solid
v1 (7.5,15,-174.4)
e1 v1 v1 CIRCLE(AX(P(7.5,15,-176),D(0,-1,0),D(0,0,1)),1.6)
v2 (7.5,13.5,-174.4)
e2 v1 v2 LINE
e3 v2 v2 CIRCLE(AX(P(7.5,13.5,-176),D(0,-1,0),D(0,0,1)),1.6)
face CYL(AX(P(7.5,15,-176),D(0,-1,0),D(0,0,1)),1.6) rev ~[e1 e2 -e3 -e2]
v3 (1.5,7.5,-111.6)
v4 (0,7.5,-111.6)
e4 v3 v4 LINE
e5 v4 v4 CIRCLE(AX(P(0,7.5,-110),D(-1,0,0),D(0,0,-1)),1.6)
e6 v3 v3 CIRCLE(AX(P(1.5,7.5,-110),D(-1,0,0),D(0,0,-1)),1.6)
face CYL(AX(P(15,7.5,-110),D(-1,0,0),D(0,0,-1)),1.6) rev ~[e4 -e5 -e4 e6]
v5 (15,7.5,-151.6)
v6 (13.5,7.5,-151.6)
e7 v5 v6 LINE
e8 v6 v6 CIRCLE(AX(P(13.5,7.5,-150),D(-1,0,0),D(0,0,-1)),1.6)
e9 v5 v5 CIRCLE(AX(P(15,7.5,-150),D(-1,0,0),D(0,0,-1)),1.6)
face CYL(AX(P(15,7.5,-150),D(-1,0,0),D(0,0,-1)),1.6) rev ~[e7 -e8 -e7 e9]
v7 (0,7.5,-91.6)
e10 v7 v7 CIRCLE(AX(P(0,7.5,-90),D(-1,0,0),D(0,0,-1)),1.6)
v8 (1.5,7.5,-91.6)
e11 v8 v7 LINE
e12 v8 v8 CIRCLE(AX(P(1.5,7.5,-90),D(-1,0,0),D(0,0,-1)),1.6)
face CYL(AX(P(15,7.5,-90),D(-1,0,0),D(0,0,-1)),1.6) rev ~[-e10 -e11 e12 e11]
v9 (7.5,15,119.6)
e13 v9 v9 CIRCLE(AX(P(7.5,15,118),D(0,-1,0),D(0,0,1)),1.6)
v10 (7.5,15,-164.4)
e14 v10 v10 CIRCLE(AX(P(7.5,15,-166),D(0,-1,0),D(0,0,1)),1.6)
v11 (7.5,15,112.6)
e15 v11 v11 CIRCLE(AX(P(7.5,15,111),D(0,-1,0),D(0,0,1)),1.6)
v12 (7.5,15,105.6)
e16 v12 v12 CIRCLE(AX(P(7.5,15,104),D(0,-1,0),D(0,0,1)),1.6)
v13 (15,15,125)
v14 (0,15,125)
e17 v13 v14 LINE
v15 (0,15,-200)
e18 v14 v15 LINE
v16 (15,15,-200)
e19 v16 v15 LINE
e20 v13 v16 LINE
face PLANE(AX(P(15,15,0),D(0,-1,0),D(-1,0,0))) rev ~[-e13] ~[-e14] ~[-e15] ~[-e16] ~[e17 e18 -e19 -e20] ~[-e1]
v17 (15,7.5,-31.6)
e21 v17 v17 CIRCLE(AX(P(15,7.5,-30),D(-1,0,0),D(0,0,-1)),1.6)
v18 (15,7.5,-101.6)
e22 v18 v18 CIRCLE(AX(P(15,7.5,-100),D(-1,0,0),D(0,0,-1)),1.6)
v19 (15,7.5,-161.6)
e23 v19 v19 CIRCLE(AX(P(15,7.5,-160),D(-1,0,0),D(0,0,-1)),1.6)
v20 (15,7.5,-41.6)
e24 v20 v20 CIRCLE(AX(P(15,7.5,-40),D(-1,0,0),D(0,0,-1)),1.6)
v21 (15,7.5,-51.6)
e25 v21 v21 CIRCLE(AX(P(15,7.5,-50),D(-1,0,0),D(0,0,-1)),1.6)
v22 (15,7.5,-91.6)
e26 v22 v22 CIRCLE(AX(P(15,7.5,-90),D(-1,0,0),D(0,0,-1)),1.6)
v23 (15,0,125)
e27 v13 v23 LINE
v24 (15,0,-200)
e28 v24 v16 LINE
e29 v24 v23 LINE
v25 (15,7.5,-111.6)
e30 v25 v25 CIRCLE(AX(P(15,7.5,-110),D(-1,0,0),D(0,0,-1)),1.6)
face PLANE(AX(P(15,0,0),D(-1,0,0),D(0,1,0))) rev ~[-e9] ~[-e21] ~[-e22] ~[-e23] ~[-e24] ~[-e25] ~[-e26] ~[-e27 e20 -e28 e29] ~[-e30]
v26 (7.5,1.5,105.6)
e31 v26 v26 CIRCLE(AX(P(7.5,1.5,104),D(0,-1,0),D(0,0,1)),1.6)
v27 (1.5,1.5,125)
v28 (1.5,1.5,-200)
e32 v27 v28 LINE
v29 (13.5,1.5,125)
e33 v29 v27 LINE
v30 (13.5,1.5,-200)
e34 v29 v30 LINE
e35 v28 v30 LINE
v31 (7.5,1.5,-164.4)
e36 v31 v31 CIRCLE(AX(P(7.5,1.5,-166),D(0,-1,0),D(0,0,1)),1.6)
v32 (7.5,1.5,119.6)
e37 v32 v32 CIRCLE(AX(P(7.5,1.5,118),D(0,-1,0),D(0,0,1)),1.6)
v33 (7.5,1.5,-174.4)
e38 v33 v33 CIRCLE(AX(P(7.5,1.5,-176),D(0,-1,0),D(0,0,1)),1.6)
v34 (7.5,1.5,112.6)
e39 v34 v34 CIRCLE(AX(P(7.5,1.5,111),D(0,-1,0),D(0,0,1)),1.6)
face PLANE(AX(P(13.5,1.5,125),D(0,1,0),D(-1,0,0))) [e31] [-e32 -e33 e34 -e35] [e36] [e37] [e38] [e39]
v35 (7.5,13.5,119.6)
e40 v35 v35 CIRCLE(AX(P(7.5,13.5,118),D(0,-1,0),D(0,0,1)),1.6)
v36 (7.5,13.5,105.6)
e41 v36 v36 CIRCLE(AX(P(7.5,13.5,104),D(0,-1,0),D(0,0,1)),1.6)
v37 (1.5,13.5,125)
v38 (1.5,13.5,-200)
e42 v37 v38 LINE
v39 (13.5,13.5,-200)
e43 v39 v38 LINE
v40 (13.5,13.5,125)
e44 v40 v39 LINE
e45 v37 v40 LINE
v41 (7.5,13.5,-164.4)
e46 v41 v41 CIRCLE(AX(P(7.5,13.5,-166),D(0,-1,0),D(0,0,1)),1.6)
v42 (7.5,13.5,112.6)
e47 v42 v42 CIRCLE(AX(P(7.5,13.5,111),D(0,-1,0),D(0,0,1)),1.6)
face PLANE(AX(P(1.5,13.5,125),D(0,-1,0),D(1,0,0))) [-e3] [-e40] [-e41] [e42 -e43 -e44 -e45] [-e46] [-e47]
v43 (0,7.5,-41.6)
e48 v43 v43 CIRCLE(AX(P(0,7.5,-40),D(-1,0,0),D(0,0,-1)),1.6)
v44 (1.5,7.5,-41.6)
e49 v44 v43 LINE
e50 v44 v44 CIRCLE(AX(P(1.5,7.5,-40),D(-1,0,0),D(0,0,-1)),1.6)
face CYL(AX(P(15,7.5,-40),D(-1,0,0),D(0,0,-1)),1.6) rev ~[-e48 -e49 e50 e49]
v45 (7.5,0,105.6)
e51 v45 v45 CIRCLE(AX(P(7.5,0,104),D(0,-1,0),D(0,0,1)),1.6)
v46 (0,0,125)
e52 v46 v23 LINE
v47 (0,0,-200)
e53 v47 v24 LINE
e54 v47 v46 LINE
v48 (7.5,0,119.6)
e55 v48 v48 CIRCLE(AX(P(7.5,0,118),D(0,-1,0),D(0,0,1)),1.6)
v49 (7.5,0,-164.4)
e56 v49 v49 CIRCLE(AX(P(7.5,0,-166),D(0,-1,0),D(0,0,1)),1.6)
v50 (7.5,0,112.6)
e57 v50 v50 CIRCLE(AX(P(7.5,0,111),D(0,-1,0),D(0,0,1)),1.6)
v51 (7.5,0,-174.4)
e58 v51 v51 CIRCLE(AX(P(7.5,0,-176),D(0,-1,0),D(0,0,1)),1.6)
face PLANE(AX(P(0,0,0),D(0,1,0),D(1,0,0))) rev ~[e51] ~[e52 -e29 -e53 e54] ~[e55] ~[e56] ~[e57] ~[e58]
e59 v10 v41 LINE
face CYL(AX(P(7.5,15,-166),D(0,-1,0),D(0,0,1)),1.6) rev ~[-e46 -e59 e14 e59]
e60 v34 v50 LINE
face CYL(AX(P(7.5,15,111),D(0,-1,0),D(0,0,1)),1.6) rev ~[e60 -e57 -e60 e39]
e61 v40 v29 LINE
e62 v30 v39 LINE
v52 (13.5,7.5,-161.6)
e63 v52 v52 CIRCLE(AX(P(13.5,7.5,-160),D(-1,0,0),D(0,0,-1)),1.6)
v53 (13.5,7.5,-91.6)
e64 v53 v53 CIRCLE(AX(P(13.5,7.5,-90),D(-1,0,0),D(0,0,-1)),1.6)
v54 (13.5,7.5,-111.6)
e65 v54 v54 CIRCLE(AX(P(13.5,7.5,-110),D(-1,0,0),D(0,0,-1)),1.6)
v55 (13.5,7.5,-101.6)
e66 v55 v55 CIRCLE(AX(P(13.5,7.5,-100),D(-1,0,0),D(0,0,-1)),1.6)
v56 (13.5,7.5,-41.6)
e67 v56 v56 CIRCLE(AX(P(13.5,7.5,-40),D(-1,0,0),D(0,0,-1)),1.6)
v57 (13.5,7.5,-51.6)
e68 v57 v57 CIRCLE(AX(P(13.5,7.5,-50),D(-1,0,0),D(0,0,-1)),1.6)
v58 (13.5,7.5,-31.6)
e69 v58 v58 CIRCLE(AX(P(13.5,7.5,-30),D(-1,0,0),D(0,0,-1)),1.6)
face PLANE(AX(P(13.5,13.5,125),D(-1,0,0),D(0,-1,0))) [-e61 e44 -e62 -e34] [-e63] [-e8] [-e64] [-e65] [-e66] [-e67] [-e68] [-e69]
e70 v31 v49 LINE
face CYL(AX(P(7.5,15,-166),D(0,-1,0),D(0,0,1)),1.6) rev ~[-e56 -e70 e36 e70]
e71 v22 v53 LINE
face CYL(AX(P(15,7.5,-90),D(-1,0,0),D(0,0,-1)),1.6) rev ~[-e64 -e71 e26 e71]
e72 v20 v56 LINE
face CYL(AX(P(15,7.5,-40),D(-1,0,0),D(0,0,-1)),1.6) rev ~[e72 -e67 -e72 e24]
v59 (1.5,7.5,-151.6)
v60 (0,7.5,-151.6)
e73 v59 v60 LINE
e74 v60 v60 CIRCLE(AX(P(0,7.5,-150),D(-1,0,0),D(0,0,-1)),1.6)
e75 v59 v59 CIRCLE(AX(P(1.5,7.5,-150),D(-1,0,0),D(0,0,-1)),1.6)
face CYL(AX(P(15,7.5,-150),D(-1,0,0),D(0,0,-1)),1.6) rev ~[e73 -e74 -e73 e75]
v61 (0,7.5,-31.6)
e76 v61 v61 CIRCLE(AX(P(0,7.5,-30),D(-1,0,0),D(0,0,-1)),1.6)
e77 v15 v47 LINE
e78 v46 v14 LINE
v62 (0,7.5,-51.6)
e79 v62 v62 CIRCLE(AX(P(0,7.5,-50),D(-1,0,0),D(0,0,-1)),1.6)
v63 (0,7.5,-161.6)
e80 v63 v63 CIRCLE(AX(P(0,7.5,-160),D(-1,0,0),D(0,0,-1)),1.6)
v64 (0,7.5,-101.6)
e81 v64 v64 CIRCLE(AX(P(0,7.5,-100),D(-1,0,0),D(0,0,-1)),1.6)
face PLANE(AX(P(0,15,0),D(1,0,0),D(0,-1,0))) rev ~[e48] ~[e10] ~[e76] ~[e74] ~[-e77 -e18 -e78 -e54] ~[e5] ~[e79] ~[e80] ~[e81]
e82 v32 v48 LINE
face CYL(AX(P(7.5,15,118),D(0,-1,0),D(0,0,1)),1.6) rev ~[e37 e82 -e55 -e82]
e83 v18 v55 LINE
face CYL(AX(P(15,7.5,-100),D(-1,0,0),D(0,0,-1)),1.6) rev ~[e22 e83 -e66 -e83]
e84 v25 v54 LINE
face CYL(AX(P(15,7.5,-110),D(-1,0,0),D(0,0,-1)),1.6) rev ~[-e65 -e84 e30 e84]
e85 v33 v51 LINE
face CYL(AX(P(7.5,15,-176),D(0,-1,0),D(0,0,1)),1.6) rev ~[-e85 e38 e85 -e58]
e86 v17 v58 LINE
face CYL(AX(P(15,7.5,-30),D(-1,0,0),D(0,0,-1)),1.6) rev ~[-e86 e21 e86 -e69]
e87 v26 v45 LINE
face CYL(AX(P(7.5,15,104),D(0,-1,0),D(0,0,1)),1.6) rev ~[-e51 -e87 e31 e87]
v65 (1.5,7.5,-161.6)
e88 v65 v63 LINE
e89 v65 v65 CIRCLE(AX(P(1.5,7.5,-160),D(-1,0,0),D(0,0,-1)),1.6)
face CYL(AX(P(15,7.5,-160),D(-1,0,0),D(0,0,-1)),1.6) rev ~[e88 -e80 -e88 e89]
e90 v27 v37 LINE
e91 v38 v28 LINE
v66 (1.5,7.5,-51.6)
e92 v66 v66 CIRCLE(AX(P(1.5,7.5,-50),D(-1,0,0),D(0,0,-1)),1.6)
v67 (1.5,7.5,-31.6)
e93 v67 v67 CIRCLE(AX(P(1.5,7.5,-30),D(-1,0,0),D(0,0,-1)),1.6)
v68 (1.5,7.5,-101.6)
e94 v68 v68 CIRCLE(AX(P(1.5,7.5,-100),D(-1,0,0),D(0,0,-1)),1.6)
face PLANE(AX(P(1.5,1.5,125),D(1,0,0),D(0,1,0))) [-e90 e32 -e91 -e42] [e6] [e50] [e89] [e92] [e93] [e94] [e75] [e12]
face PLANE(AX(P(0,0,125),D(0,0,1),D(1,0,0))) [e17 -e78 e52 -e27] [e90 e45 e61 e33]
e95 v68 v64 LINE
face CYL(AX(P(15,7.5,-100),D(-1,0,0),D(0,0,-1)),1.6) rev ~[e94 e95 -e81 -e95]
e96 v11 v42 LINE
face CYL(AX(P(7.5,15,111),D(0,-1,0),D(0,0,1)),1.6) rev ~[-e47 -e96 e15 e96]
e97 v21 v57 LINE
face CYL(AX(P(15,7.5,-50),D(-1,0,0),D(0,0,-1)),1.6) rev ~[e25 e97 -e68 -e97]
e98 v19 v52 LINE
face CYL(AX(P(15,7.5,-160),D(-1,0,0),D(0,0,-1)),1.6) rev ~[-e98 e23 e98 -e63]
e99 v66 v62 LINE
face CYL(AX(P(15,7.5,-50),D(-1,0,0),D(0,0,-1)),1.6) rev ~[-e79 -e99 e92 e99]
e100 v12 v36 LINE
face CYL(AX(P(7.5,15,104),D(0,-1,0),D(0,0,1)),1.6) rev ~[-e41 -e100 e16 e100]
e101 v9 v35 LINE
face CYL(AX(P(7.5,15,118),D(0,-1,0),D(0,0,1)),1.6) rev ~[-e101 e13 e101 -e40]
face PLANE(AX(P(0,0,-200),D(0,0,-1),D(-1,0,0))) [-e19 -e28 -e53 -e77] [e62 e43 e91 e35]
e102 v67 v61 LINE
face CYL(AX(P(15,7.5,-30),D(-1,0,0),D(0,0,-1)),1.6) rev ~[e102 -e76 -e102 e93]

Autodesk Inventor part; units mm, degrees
ref_plane "YZ Plane" through (0, 0, 0) normal (1, 0, 0) x (0, 1, 0)
ref_plane "XZ Plane" through (0, 0, 0) normal (0, 1, 0) x (-1, 0, 0)
ref_plane "XY Plane" through (0, 0, 0) normal (0, 0, 1) x (1, 0, 0)
sketch "スケッチ1" plane through (0, 0, 0) normal (0, 0, 1) x (1, 0, 0)
  line L0 (0, 0) -> (15, 0)
  line L1 (15, 0) -> (15, 15)
  line L2 (15, 15) -> (0, 15)
  line L3 (0, 15) -> (0, 0)
  dimension "d0" = 15
  dimension "d1" = 15
extrude "押し出し1" add sketch "スケッチ1" along normal blind 140
sketch "スケッチ3" plane through (0, 0, 0) normal (0, 0, -1) x (-1, 0, 0)
  line L0 (0, 0) -> (-15, 0)
  line L1 (-15, 0) -> (-15, 15)
  line L2 (-15, 15) -> (0, 15)
  line L3 (0, 15) -> (0, 0)
  dimension "d18" = 15
  dimension "d19" = 15
extrude "押し出し2" add sketch "スケッチ3" along normal blind 200
sketch "スケッチ4" plane through (0, 0, -200) normal (0, 0, -1) x (-1, 0, 0)
  point P0 (0, 0)
sketch "スケッチ6" plane through (0, 0, 140) normal (0, 0, 1) x (1, 0, 0)
  line L0 (0, 0) -> (0, 15) projected
  line L1 (15, 15) -> (15, 0) projected
  line L2 (0, 0) -> (15, 0)
  line L3 (15, 0) -> (15, 15)
  line L4 (15, 15) -> (0, 15)
  line L5 (0, 15) -> (0, 0)
extrude "押し出し3" cut sketch "スケッチ6" against normal blind 15
sketch "スケッチ8" plane through (0, 15, -200) normal (0, 1, 0) x (1, 0, 0)
  line L0 (0, 0) -> (15, 0) projected
  line L1 (15, 0) -> (15, -325) projected
  point P0 (0, -200)
  point P1 (7.5, -24)
  dimension "d36" = 24
  dimension "d37" = 7.5
hole "穴3" at (7.5, 15, -176) direction (0, -1, 0) diameter 3.2 end through all
sketch "スケッチ9" plane through (15, 0, -200) normal (1, 0, 0) x (0, 0, -1)
  line L0 (0, 15) -> (0, 0) projected
  line L1 (0, 15) -> (-325, 15) projected
  line L2 (-325, 0) -> (0, 0) projected
  point P0 (-200, 0)
  point P1 (-90, 7.5)
  point P2 (-100, 7.5)
  point P3 (-110, 7.5)
  point P4 (-150, 7.5)
  point P5 (-160, 7.5)
  point P6 (-170, 7.5)
  dimension "d45" = 90
  dimension "d46" = 7.5
  dimension "d47" = 10
  dimension "d48" = 10
  dimension "d49" = 7.5
  dimension "d50" = 7.5
  dimension "d51" = 40
  dimension "d52" = 7.5
  dimension "d53" = 10
  dimension "d54" = 7.5
  dimension "d55" = 10
  dimension "d56" = 7.5
hole "穴4" at (15, 7.5, -30) at (15, 7.5, -40) at (15, 7.5, -50) at (15, 7.5, -90) at (15, 7.5, -100) at (15, 7.5, -110) direction (-1, 0, 0) diameter 3.2 end through all
sketch "スケッチ10" plane through (0, 15, -200) normal (0, 1, 0) x (1, 0, 0)
  circle A0 centre (7.5, -24) radius 1.6 projected
  line L0 (15, 0) -> (15, -325) projected
  point P0 (0, -200)
  point P1 (7.5, -34)
  dimension "d64" = 10
  dimension "d65" = 7.5
hole "穴5" at (7.5, 15, -166) direction (0, -1, 0) diameter 3.2 end through all
sketch "スケッチ11" plane through (0, 15, -200) normal (0, 1, 0) x (1, 0, 0)
  line L0 (0, -325) -> (15, -325) projected
  line L1 (15, 0) -> (15, -325) projected
  point P0 (0, -200)
  point P1 (7.5, -318)
  point P2 (7.5, -311)
  point P3 (7.5, -304)
  dimension "d73" = 7
  dimension "d74" = 7.5
  dimension "d75" = 7
  dimension "d76" = 7.5
  dimension "d77" = 7
  dimension "d78" = 7.5
hole "穴6" at (7.5, 15, 111) at (7.5, 15, 118) at (7.5, 15, 104) direction (0, -1, 0) diameter 3.2 end through all
sketch "スケッチ12" plane through (15, 0, -200) normal (1, 0, 0) x (0, 0, -1)
  line L0 (0, 15) -> (0, 0) projected
  line L1 (-325, 0) -> (0, 0) projected
  line L2 (0, 15) -> (-325, 15) projected
  point P0 (-200, 0)
  point P1 (-40, 7.5)
  point P2 (-50, 7.5)
  dimension "d86" = 40
  dimension "d87" = 7.5
  dimension "d88" = 7.5
  dimension "d89" = 10
hole "穴7" at (15, 7.5, -150) at (15, 7.5, -160) direction (-1, 0, 0) diameter 3.2 end through all
sketch "スケッチ13" plane through (0, 0, 125) normal (0, 0, 1) x (1, 0, 0)
  line L0 (1.5, 13.5) -> (13.5, 13.5)
  line L1 (13.5, 13.5) -> (13.5, 1.5)
  line L2 (13.5, 1.5) -> (1.5, 1.5)
  line L3 (1.5, 1.5) -> (1.5, 13.5)
  line L4 (0, 15) -> (15, 15) projected
  line L5 (0, 0) -> (0, 15) projected
  dimension "d97" = 12
  dimension "d98" = 12
  dimension "d99" = 1.5
  dimension "d100" = 1.5
extrude "押し出し4" cut sketch "スケッチ13" against normal blind 450
properties part number "射出_角柱4" material "アルミニウム 6061"
